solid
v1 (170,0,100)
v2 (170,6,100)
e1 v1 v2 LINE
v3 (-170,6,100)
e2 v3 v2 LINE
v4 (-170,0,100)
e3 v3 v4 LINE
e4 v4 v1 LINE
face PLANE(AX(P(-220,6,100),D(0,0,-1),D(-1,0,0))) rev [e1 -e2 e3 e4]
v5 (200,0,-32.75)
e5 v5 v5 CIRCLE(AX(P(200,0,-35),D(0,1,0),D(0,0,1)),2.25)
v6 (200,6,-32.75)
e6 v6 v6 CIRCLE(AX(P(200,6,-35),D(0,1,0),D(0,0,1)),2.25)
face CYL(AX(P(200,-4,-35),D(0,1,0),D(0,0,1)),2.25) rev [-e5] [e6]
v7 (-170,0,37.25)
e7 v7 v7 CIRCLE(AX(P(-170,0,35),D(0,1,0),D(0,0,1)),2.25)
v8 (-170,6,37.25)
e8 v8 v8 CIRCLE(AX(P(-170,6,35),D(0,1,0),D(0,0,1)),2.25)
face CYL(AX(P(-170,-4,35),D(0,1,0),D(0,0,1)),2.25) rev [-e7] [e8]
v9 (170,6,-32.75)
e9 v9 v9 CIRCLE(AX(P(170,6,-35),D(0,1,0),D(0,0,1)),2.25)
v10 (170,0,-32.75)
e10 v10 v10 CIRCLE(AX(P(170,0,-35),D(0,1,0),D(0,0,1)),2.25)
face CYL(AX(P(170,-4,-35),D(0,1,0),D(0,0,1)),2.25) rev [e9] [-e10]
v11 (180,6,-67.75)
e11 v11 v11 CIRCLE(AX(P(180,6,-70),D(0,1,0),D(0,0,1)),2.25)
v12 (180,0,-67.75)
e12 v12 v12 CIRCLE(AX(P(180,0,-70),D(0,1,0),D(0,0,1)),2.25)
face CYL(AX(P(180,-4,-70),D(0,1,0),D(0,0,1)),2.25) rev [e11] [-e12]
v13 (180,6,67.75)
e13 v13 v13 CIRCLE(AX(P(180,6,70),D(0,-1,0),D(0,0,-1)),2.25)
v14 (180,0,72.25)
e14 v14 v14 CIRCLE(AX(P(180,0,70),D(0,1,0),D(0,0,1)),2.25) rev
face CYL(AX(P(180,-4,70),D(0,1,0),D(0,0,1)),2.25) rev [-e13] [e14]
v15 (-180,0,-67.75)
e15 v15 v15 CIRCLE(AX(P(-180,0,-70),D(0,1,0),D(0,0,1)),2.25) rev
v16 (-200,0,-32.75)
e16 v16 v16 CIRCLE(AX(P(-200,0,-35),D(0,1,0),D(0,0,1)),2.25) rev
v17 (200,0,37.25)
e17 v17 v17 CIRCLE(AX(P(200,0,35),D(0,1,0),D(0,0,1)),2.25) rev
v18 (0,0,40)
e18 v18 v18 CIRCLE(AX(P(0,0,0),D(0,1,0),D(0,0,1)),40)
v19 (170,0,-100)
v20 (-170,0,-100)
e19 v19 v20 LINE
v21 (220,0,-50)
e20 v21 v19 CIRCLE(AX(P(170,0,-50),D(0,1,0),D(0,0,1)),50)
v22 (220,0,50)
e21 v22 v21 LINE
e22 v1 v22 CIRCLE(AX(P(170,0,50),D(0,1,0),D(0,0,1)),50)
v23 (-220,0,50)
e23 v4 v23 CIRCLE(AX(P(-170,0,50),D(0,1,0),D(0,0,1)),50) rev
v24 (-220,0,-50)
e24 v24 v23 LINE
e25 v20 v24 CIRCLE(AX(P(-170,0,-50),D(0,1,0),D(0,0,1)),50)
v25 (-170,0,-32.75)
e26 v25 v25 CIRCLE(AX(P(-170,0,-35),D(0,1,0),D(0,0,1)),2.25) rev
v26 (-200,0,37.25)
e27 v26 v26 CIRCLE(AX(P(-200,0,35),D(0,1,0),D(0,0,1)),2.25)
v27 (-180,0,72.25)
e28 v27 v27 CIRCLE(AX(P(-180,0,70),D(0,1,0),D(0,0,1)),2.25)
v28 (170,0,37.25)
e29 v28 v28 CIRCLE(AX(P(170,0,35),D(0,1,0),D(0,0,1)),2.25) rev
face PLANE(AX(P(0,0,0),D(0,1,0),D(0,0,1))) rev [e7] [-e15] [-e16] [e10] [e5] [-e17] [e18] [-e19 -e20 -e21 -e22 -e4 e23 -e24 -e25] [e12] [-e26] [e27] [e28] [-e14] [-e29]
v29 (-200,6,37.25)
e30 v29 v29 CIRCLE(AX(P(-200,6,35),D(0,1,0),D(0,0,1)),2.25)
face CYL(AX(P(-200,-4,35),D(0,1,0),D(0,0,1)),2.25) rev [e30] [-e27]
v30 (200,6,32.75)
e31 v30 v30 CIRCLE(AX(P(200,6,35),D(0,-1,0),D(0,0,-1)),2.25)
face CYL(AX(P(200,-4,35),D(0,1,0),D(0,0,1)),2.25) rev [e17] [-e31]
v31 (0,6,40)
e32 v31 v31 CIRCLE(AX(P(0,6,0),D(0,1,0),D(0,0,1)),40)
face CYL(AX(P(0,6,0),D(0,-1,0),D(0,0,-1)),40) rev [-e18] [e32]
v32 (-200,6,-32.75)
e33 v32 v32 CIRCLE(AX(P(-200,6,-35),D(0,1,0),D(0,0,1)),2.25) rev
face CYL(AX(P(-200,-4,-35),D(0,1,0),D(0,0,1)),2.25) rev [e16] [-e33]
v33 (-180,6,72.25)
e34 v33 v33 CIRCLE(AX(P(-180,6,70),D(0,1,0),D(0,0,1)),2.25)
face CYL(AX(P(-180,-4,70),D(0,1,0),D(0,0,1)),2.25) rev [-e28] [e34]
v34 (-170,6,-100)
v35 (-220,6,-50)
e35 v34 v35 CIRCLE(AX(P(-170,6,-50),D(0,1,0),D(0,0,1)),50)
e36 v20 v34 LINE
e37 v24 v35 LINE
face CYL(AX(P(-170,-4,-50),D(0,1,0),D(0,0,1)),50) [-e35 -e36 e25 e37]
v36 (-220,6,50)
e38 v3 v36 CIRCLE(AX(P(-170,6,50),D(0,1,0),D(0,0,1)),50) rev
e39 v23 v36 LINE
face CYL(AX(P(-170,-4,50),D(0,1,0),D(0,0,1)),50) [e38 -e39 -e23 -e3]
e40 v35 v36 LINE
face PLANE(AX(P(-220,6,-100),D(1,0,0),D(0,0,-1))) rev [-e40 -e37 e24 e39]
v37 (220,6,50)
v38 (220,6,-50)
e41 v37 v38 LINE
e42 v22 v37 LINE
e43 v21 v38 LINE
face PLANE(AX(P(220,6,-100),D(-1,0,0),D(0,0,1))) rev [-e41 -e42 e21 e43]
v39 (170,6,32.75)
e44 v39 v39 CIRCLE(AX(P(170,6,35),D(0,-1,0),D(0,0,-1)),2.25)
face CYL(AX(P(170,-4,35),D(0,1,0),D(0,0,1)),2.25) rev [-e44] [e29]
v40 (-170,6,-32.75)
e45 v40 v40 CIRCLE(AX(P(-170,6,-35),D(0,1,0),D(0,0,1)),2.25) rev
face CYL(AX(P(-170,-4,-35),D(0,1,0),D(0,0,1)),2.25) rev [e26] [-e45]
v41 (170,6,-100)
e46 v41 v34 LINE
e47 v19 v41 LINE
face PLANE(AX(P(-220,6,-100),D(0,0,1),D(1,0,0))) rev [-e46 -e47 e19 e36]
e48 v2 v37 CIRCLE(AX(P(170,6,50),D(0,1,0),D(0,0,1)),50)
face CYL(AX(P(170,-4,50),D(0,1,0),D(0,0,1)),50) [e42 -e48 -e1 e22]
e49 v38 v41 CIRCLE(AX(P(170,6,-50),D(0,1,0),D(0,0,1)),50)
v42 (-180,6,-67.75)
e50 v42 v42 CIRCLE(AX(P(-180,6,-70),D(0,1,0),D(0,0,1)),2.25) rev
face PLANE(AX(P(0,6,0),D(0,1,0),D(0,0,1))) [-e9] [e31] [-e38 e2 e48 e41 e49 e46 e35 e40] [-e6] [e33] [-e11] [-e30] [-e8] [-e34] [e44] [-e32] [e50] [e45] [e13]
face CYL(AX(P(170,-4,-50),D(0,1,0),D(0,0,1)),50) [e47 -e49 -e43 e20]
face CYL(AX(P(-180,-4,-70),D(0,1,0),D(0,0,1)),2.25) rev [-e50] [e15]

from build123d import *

# Parameters (mm, degrees)
SKETCH_6_W          = 440
SKETCH_6_H          = 200
SKETCH_6_R          = 40
EXTRUDE_2_DEPTH     = 6
SKETCH_7_R          = 2.25
CUT_EXTRUDE_1_DEPTH = 10


with BuildPart() as part:
    # 草图6 → 凸台-拉伸2 (new body)
    with BuildSketch(Plane(origin=(0, 0, 0), x_dir=(1, 0, 0), z_dir=(0, 1, 0))):
        Rectangle(SKETCH_6_W, SKETCH_6_H)
        with Locations(Location((0, 0, 0), (0, 0, 270))):
            Circle(SKETCH_6_R, mode=Mode.SUBTRACT)
    extrude(amount=EXTRUDE_2_DEPTH)

    # 草图7 → 切除-拉伸1 (cut)
    with BuildSketch(Plane(origin=(0, 6, 0), x_dir=(1, 0, 0), z_dir=(0, 1, 0))):
        with BuildLine():
            Line((-220, 100), (-220, 50))
            ThreePointArc((-220, 50), (-205.355339059, 85.355339059), (-170, 100))
            Line((-170, 100), (-220, 100))
        make_face()
        with BuildLine():
            ThreePointArc((-170, -100), (-205.355339059, -85.355339059), (-220, -50))
            Line((-220, -50), (-220, -100))
            Line((-220, -100), (-170, -100))
        make_face()
        with BuildLine():
            Line((220, 100), (170, 100))
            ThreePointArc((170, 100), (205.355339059, 85.355339059), (220, 50))
            Line((220, 50), (220, 100))
        make_face()
        with BuildLine():
            ThreePointArc((220, -50), (205.355339059, -85.355339059), (170, -100))
            Line((170, -100), (220, -100))
            Line((220, -100), (220, -50))
        make_face()
        with Locations(Location((170, 35, 0), (0, 0, 270))):
            Circle(SKETCH_7_R)
        with Locations(Location((200, 35, 0), (0, 0, 270))):
            Circle(SKETCH_7_R)
        with Locations(Location((180, 70, 0), (0, 0, 270))):
            Circle(SKETCH_7_R)
        with Locations(Location((-180, 70, 0), (0, 0, 270))):
            Circle(SKETCH_7_R)
        with Locations(Location((-200, 35, 0), (0, 0, 270))):
            Circle(SKETCH_7_R)
        with Locations(Location((-170, 35, 0), (0, 0, 270))):
            Circle(SKETCH_7_R)
        with Locations(Location((-170, -35, 0), (0, 0, 270))):
            Circle(SKETCH_7_R)
        with Locations(Location((-200, -35, 0), (0, 0, 270))):
            Circle(SKETCH_7_R)
        with Locations(Location((-180, -70, 0), (0, 0, 270))):
            Circle(SKETCH_7_R)
        with Locations(Location((180, -70, 0), (0, 0, 270))):
            Circle(SKETCH_7_R)
        with Locations(Location((200, -35, 0), (0, 0, 270))):
            Circle(SKETCH_7_R)
        with Locations(Location((170, -35, 0), (0, 0, 270))):
            Circle(SKETCH_7_R)
    extrude(amount=-CUT_EXTRUDE_1_DEPTH, mode=Mode.SUBTRACT)


solid = part.part
